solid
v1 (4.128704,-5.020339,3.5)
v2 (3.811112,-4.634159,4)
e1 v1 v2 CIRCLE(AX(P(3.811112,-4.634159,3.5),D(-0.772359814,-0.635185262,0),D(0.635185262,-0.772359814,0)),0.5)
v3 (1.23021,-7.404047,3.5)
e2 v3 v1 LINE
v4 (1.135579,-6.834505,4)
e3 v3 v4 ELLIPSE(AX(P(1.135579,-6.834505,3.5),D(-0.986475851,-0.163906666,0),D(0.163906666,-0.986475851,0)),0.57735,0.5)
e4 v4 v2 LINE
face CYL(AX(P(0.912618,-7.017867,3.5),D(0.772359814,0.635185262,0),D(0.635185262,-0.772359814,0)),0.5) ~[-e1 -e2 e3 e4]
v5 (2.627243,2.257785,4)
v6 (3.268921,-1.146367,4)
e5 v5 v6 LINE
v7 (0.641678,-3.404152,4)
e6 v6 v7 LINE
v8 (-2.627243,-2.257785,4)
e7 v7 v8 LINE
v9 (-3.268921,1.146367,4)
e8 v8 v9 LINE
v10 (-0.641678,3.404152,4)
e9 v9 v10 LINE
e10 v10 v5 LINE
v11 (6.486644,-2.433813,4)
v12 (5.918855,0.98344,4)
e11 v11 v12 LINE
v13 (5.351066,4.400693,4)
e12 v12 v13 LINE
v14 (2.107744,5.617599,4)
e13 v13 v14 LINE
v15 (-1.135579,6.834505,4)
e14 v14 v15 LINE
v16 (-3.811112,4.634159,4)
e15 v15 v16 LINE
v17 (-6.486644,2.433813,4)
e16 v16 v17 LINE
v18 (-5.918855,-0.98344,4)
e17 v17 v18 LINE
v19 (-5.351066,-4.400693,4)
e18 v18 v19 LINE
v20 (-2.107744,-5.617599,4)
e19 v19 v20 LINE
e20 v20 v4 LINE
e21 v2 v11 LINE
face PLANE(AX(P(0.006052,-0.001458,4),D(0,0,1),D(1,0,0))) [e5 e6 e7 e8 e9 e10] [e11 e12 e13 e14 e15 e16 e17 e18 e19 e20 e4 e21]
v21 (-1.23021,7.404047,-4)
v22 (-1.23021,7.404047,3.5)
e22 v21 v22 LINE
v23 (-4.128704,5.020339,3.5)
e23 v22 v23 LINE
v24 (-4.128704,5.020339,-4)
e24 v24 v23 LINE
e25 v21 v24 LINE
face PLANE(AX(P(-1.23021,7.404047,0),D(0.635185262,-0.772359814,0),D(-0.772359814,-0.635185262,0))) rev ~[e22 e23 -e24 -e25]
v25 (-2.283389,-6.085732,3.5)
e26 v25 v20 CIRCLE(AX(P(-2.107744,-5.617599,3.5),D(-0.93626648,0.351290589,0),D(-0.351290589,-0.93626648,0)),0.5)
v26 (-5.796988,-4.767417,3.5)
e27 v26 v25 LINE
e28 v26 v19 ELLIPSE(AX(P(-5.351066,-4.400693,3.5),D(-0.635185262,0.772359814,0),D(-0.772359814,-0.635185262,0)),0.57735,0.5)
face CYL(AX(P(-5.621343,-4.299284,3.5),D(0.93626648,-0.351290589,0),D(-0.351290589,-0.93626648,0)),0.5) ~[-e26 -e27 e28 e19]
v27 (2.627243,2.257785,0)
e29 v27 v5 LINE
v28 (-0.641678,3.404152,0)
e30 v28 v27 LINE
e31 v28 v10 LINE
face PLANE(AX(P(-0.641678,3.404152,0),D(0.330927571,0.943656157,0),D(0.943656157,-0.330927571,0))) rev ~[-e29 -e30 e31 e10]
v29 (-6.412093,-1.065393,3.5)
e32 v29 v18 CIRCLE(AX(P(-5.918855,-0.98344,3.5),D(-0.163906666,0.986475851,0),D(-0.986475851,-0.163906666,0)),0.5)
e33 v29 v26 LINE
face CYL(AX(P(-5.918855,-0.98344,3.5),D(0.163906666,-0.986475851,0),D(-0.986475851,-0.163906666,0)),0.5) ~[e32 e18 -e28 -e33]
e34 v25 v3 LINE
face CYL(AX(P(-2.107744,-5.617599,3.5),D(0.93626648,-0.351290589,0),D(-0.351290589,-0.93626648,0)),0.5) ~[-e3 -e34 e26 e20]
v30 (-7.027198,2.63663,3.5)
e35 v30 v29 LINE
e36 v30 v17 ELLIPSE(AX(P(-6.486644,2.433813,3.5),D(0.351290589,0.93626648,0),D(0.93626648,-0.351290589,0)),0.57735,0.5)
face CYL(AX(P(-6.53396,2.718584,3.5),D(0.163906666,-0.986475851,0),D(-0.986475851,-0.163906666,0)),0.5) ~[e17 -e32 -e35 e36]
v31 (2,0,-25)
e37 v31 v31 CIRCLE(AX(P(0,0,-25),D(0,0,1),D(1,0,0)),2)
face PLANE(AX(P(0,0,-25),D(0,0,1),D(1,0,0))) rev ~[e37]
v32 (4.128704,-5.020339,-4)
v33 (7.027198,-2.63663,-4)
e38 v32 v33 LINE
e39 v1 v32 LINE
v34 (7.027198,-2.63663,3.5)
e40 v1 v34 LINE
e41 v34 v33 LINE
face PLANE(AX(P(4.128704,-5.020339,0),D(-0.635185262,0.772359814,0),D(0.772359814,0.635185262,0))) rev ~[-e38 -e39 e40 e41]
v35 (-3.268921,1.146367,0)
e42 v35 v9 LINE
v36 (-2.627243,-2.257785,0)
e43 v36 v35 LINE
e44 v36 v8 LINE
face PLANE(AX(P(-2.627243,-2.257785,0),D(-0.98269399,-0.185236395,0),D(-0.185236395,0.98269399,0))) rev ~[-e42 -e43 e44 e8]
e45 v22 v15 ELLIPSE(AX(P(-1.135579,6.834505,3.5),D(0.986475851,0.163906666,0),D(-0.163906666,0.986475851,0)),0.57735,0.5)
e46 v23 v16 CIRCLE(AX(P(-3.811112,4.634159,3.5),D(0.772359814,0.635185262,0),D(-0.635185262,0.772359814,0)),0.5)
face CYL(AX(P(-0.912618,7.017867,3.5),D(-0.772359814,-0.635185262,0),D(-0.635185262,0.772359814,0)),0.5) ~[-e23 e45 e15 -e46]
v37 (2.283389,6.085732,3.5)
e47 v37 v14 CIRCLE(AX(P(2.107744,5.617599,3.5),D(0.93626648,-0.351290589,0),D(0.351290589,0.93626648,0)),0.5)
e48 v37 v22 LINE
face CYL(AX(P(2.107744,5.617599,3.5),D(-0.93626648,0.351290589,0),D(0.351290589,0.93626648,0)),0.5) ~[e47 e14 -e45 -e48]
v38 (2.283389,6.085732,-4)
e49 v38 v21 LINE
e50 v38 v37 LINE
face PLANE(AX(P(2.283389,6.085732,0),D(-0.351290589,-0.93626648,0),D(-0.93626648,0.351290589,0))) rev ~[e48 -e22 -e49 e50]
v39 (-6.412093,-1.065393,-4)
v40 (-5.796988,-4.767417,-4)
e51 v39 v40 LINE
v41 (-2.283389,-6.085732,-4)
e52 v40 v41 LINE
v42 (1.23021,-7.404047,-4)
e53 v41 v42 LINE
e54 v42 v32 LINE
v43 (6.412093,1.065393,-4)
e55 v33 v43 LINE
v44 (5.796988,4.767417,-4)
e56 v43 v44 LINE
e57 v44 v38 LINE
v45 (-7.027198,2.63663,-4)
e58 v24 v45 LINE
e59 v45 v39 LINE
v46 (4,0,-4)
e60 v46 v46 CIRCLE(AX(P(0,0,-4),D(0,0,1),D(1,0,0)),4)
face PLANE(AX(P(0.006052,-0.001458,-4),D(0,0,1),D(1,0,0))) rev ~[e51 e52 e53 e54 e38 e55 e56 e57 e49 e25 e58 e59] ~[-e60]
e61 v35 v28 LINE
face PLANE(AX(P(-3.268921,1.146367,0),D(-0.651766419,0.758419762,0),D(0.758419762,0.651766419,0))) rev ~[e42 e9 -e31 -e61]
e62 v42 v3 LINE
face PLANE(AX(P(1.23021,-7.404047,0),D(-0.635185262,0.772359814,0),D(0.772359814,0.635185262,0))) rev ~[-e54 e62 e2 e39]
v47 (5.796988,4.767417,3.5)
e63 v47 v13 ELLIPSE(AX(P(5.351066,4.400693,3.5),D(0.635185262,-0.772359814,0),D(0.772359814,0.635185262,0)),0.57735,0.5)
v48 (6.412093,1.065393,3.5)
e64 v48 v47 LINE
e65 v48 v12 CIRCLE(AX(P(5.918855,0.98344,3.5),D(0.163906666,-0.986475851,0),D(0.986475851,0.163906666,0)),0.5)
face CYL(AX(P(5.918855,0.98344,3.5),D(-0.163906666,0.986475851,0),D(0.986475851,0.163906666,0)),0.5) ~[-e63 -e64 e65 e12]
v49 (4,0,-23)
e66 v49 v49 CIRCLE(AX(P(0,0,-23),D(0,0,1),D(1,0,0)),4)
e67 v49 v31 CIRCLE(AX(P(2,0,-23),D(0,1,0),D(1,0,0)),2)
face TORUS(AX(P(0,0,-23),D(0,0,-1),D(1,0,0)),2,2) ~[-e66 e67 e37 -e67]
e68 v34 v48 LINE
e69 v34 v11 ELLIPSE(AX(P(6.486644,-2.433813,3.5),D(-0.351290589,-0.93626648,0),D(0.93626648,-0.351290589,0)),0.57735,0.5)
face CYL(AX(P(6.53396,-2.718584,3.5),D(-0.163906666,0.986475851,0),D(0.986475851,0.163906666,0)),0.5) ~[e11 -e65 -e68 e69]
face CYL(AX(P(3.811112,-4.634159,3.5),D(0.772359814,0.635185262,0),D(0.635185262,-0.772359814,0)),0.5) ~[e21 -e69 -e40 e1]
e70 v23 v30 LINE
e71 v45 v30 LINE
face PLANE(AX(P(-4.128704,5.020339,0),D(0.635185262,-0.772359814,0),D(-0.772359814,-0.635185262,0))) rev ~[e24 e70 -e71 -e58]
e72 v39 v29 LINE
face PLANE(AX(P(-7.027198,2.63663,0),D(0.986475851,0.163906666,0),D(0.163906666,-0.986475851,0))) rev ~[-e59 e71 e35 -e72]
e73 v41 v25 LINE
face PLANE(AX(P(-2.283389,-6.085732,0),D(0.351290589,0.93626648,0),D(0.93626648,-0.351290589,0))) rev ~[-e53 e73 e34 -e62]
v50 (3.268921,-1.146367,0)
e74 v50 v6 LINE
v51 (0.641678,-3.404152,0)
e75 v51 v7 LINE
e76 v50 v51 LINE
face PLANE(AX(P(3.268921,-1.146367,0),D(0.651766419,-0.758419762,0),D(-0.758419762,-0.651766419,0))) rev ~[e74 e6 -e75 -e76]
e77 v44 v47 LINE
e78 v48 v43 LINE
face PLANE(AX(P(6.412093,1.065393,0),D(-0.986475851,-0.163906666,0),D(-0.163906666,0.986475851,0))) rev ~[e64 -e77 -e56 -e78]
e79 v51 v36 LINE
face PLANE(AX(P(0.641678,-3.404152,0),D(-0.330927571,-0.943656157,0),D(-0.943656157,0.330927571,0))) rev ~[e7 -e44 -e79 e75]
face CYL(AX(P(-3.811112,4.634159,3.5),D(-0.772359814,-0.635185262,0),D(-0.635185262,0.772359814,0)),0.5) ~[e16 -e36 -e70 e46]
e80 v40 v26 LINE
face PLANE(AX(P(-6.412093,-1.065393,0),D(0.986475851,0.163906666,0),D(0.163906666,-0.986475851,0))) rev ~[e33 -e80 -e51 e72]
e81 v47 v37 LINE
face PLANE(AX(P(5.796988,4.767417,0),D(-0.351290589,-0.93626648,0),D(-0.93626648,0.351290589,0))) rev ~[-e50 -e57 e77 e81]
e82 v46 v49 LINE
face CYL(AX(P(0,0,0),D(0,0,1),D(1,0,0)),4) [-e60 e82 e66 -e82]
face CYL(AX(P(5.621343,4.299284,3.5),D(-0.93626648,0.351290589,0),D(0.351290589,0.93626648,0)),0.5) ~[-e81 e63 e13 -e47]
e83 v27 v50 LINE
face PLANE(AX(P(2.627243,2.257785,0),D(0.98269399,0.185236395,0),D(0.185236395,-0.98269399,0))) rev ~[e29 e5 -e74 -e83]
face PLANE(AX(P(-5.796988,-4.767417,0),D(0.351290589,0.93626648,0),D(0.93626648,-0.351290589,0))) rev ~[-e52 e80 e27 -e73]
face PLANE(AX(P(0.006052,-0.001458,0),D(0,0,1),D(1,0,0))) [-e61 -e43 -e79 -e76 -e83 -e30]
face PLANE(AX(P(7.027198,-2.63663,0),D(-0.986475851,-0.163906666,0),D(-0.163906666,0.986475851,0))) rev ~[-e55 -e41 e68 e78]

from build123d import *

# Parameters (mm, degrees)
F0_R     = 4
F1_DEPTH = 4
F2_DEPTH = 4
F3_DEPTH = 25
F4_R     = 2
F5_R     = 0.5


with BuildPart() as f1:
    # F0 (on Top) → F1 (new body)
    with BuildSketch(Plane.XY):
        with BuildLine():
            ThreePointArc((4.1287042683, -5.02033874), (5.8773539005, -2.776096383), (6.5, 0))
            ThreePointArc((6.5, 0), (6.4779859765, 0.534506958), (6.412093019, 1.0653934086))
            ThreePointArc((6.412093019, 1.0653934086), (5.020338785, 4.1287042137), (2.2833888805, 6.0857321023))
            ThreePointArc((2.2833888805, 6.0857321023), (-1.0653932869, 6.4120930393), (-4.1287041813, 5.0203388116))
            ThreePointArc((-4.1287041813, 5.0203388116), (-6.0857321431, 2.2833887717), (-6.4120930076, -1.0653934773))
            ThreePointArc((-6.4120930076, -1.0653934773), (-5.020338751, -4.1287042549), (-2.2833888456, -6.0857321153))
            ThreePointArc((-2.2833888456, -6.0857321153), (1.0653933609, -6.412093027), (4.1287042683, -5.02033874))
        make_face()
        Circle(F0_R, mode=Mode.SUBTRACT)
        with BuildLine():
            ThreePointArc((6.412093019, 1.0653934086), (6.4779859765, 0.534506958), (6.5, 0))
            ThreePointArc((6.5, 0), (5.8773539005, -2.776096383), (4.1287042683, -5.02033874))
            Line((4.1287042683, -5.02033874), (7.027198158, -2.6366303082))
            Line((7.027198158, -2.6366303082), (6.412093019, 1.0653934086))
        make_face()
        with BuildLine():
            ThreePointArc((2.2833888805, 6.0857321023), (5.020338785, 4.1287042137), (6.412093019, 1.0653934086))
            Line((6.412093019, 1.0653934086), (5.7969879062, 4.7674169681))
            Line((5.7969879062, 4.7674169681), (2.2833888805, 6.0857321023))
        make_face()
        with BuildLine():
            Line((1.2302102517, -7.4040472763), (4.1287042683, -5.02033874))
            ThreePointArc((4.1287042683, -5.02033874), (1.0653933609, -6.412093027), (-2.2833888456, -6.0857321153))
            Line((-2.2833888456, -6.0857321153), (1.2302102517, -7.4040472763))
        make_face()
        with BuildLine():
            ThreePointArc((-4.1287041813, 5.0203388116), (-1.0653932869, 6.4120930393), (2.2833888805, 6.0857321023))
            Line((2.2833888805, 6.0857321023), (-1.2302102517, 7.4040472763))
            Line((-1.2302102517, 7.4040472763), (-4.1287041813, 5.0203388116))
        make_face()
        with BuildLine():
            Line((-5.7969879062, -4.7674169681), (-2.2833888456, -6.0857321153))
            ThreePointArc((-2.2833888456, -6.0857321153), (-5.020338751, -4.1287042549), (-6.4120930076, -1.0653934773))
            Line((-6.4120930076, -1.0653934773), (-5.7969879062, -4.7674169681))
        make_face()
        with BuildLine():
            ThreePointArc((-6.4120930076, -1.0653934773), (-6.0857321431, 2.2833887717), (-4.1287041813, 5.0203388116))
            Line((-4.1287041813, 5.0203388116), (-7.027198158, 2.6366303082))
            Line((-7.027198158, 2.6366303082), (-6.4120930076, -1.0653934773))
        make_face()
        Circle(F0_R)
        Polygon((-2.6272431226, -2.2577851038), (-3.2689208174, 1.1463667342), (-0.6416776948, 3.404151838), (2.6272431226, 2.2577851038), (3.2689208174, -1.1463667342), (0.6416776948, -3.404151838), align=None, mode=Mode.SUBTRACT)
        Polygon((-0.6416776948, 3.404151838), (-3.2689208174, 1.1463667342), (-2.6272431226, -2.2577851038), (0.6416776948, -3.404151838), (3.2689208174, -1.1463667342), (2.6272431226, 2.2577851038), align=None)
    extrude(amount=-F1_DEPTH)

    # F0 (on Top) → F2 (join)
    with BuildSketch(Plane.XY):
        with BuildLine():
            ThreePointArc((4.1287042683, -5.02033874), (5.8773539005, -2.776096383), (6.5, 0))
            ThreePointArc((6.5, 0), (6.4779859765, 0.534506958), (6.412093019, 1.0653934086))
            ThreePointArc((6.412093019, 1.0653934086), (5.020338785, 4.1287042137), (2.2833888805, 6.0857321023))
            ThreePointArc((2.2833888805, 6.0857321023), (-1.0653932869, 6.4120930393), (-4.1287041813, 5.0203388116))
            ThreePointArc((-4.1287041813, 5.0203388116), (-6.0857321431, 2.2833887717), (-6.4120930076, -1.0653934773))
            ThreePointArc((-6.4120930076, -1.0653934773), (-5.020338751, -4.1287042549), (-2.2833888456, -6.0857321153))
            ThreePointArc((-2.2833888456, -6.0857321153), (1.0653933609, -6.412093027), (4.1287042683, -5.02033874))
        make_face()
        Circle(F0_R, mode=Mode.SUBTRACT)
        Circle(F0_R)
        Polygon((-2.6272431226, -2.2577851038), (-3.2689208174, 1.1463667342), (-0.6416776948, 3.404151838), (2.6272431226, 2.2577851038), (3.2689208174, -1.1463667342), (0.6416776948, -3.404151838), align=None, mode=Mode.SUBTRACT)
        with BuildLine():
            ThreePointArc((-4.1287041813, 5.0203388116), (-1.0653932869, 6.4120930393), (2.2833888805, 6.0857321023))
            Line((2.2833888805, 6.0857321023), (-1.2302102517, 7.4040472763))
            Line((-1.2302102517, 7.4040472763), (-4.1287041813, 5.0203388116))
        make_face()
        with BuildLine():
            ThreePointArc((-6.4120930076, -1.0653934773), (-6.0857321431, 2.2833887717), (-4.1287041813, 5.0203388116))
            Line((-4.1287041813, 5.0203388116), (-7.027198158, 2.6366303082))
            Line((-7.027198158, 2.6366303082), (-6.4120930076, -1.0653934773))
        make_face()
        with BuildLine():
            Line((-5.7969879062, -4.7674169681), (-2.2833888456, -6.0857321153))
            ThreePointArc((-2.2833888456, -6.0857321153), (-5.020338751, -4.1287042549), (-6.4120930076, -1.0653934773))
            Line((-6.4120930076, -1.0653934773), (-5.7969879062, -4.7674169681))
        make_face()
        with BuildLine():
            ThreePointArc((2.2833888805, 6.0857321023), (5.020338785, 4.1287042137), (6.412093019, 1.0653934086))
            Line((6.412093019, 1.0653934086), (5.7969879062, 4.7674169681))
            Line((5.7969879062, 4.7674169681), (2.2833888805, 6.0857321023))
        make_face()
        with BuildLine():
            ThreePointArc((6.412093019, 1.0653934086), (6.4779859765, 0.534506958), (6.5, 0))
            ThreePointArc((6.5, 0), (5.8773539005, -2.776096383), (4.1287042683, -5.02033874))
            Line((4.1287042683, -5.02033874), (7.027198158, -2.6366303082))
            Line((7.027198158, -2.6366303082), (6.412093019, 1.0653934086))
        make_face()
        with BuildLine():
            Line((1.2302102517, -7.4040472763), (4.1287042683, -5.02033874))
            ThreePointArc((4.1287042683, -5.02033874), (1.0653933609, -6.412093027), (-2.2833888456, -6.0857321153))
            Line((-2.2833888456, -6.0857321153), (1.2302102517, -7.4040472763))
        make_face()
    extrude(amount=F2_DEPTH)

    # F0 (on Top) → F3 (join)
    with BuildSketch(Plane.XY):
        Circle(F0_R)
        Polygon((-2.6272431226, -2.2577851038), (-3.2689208174, 1.1463667342), (-0.6416776948, 3.404151838), (2.6272431226, 2.2577851038), (3.2689208174, -1.1463667342), (0.6416776948, -3.404151838), align=None, mode=Mode.SUBTRACT)
        Polygon((-0.6416776948, 3.404151838), (-3.2689208174, 1.1463667342), (-2.6272431226, -2.2577851038), (0.6416776948, -3.404151838), (3.2689208174, -1.1463667342), (2.6272431226, 2.2577851038), align=None)
    extrude(amount=-F3_DEPTH)

    # F4
    f4_edges = [f1.edges().sort_by_distance(p)[0] for p in [
        (-4, 0, -25),
    ]]
    fillet(f4_edges, radius=F4_R)

    # F5
    f5_edges = [f1.edges().sort_by_distance(p)[0] for p in [
        (-6.412093, -1.065393, 4),
        (-2.283389, -6.085732, 4),
        (4.128704, -5.020339, 4),
        (6.412093, 1.065393, 4),
        (2.283389, 6.085732, 4),
        (-4.128704, 5.020339, 4),
    ]]
    fillet(f5_edges, radius=F5_R)


solid = f1.part
